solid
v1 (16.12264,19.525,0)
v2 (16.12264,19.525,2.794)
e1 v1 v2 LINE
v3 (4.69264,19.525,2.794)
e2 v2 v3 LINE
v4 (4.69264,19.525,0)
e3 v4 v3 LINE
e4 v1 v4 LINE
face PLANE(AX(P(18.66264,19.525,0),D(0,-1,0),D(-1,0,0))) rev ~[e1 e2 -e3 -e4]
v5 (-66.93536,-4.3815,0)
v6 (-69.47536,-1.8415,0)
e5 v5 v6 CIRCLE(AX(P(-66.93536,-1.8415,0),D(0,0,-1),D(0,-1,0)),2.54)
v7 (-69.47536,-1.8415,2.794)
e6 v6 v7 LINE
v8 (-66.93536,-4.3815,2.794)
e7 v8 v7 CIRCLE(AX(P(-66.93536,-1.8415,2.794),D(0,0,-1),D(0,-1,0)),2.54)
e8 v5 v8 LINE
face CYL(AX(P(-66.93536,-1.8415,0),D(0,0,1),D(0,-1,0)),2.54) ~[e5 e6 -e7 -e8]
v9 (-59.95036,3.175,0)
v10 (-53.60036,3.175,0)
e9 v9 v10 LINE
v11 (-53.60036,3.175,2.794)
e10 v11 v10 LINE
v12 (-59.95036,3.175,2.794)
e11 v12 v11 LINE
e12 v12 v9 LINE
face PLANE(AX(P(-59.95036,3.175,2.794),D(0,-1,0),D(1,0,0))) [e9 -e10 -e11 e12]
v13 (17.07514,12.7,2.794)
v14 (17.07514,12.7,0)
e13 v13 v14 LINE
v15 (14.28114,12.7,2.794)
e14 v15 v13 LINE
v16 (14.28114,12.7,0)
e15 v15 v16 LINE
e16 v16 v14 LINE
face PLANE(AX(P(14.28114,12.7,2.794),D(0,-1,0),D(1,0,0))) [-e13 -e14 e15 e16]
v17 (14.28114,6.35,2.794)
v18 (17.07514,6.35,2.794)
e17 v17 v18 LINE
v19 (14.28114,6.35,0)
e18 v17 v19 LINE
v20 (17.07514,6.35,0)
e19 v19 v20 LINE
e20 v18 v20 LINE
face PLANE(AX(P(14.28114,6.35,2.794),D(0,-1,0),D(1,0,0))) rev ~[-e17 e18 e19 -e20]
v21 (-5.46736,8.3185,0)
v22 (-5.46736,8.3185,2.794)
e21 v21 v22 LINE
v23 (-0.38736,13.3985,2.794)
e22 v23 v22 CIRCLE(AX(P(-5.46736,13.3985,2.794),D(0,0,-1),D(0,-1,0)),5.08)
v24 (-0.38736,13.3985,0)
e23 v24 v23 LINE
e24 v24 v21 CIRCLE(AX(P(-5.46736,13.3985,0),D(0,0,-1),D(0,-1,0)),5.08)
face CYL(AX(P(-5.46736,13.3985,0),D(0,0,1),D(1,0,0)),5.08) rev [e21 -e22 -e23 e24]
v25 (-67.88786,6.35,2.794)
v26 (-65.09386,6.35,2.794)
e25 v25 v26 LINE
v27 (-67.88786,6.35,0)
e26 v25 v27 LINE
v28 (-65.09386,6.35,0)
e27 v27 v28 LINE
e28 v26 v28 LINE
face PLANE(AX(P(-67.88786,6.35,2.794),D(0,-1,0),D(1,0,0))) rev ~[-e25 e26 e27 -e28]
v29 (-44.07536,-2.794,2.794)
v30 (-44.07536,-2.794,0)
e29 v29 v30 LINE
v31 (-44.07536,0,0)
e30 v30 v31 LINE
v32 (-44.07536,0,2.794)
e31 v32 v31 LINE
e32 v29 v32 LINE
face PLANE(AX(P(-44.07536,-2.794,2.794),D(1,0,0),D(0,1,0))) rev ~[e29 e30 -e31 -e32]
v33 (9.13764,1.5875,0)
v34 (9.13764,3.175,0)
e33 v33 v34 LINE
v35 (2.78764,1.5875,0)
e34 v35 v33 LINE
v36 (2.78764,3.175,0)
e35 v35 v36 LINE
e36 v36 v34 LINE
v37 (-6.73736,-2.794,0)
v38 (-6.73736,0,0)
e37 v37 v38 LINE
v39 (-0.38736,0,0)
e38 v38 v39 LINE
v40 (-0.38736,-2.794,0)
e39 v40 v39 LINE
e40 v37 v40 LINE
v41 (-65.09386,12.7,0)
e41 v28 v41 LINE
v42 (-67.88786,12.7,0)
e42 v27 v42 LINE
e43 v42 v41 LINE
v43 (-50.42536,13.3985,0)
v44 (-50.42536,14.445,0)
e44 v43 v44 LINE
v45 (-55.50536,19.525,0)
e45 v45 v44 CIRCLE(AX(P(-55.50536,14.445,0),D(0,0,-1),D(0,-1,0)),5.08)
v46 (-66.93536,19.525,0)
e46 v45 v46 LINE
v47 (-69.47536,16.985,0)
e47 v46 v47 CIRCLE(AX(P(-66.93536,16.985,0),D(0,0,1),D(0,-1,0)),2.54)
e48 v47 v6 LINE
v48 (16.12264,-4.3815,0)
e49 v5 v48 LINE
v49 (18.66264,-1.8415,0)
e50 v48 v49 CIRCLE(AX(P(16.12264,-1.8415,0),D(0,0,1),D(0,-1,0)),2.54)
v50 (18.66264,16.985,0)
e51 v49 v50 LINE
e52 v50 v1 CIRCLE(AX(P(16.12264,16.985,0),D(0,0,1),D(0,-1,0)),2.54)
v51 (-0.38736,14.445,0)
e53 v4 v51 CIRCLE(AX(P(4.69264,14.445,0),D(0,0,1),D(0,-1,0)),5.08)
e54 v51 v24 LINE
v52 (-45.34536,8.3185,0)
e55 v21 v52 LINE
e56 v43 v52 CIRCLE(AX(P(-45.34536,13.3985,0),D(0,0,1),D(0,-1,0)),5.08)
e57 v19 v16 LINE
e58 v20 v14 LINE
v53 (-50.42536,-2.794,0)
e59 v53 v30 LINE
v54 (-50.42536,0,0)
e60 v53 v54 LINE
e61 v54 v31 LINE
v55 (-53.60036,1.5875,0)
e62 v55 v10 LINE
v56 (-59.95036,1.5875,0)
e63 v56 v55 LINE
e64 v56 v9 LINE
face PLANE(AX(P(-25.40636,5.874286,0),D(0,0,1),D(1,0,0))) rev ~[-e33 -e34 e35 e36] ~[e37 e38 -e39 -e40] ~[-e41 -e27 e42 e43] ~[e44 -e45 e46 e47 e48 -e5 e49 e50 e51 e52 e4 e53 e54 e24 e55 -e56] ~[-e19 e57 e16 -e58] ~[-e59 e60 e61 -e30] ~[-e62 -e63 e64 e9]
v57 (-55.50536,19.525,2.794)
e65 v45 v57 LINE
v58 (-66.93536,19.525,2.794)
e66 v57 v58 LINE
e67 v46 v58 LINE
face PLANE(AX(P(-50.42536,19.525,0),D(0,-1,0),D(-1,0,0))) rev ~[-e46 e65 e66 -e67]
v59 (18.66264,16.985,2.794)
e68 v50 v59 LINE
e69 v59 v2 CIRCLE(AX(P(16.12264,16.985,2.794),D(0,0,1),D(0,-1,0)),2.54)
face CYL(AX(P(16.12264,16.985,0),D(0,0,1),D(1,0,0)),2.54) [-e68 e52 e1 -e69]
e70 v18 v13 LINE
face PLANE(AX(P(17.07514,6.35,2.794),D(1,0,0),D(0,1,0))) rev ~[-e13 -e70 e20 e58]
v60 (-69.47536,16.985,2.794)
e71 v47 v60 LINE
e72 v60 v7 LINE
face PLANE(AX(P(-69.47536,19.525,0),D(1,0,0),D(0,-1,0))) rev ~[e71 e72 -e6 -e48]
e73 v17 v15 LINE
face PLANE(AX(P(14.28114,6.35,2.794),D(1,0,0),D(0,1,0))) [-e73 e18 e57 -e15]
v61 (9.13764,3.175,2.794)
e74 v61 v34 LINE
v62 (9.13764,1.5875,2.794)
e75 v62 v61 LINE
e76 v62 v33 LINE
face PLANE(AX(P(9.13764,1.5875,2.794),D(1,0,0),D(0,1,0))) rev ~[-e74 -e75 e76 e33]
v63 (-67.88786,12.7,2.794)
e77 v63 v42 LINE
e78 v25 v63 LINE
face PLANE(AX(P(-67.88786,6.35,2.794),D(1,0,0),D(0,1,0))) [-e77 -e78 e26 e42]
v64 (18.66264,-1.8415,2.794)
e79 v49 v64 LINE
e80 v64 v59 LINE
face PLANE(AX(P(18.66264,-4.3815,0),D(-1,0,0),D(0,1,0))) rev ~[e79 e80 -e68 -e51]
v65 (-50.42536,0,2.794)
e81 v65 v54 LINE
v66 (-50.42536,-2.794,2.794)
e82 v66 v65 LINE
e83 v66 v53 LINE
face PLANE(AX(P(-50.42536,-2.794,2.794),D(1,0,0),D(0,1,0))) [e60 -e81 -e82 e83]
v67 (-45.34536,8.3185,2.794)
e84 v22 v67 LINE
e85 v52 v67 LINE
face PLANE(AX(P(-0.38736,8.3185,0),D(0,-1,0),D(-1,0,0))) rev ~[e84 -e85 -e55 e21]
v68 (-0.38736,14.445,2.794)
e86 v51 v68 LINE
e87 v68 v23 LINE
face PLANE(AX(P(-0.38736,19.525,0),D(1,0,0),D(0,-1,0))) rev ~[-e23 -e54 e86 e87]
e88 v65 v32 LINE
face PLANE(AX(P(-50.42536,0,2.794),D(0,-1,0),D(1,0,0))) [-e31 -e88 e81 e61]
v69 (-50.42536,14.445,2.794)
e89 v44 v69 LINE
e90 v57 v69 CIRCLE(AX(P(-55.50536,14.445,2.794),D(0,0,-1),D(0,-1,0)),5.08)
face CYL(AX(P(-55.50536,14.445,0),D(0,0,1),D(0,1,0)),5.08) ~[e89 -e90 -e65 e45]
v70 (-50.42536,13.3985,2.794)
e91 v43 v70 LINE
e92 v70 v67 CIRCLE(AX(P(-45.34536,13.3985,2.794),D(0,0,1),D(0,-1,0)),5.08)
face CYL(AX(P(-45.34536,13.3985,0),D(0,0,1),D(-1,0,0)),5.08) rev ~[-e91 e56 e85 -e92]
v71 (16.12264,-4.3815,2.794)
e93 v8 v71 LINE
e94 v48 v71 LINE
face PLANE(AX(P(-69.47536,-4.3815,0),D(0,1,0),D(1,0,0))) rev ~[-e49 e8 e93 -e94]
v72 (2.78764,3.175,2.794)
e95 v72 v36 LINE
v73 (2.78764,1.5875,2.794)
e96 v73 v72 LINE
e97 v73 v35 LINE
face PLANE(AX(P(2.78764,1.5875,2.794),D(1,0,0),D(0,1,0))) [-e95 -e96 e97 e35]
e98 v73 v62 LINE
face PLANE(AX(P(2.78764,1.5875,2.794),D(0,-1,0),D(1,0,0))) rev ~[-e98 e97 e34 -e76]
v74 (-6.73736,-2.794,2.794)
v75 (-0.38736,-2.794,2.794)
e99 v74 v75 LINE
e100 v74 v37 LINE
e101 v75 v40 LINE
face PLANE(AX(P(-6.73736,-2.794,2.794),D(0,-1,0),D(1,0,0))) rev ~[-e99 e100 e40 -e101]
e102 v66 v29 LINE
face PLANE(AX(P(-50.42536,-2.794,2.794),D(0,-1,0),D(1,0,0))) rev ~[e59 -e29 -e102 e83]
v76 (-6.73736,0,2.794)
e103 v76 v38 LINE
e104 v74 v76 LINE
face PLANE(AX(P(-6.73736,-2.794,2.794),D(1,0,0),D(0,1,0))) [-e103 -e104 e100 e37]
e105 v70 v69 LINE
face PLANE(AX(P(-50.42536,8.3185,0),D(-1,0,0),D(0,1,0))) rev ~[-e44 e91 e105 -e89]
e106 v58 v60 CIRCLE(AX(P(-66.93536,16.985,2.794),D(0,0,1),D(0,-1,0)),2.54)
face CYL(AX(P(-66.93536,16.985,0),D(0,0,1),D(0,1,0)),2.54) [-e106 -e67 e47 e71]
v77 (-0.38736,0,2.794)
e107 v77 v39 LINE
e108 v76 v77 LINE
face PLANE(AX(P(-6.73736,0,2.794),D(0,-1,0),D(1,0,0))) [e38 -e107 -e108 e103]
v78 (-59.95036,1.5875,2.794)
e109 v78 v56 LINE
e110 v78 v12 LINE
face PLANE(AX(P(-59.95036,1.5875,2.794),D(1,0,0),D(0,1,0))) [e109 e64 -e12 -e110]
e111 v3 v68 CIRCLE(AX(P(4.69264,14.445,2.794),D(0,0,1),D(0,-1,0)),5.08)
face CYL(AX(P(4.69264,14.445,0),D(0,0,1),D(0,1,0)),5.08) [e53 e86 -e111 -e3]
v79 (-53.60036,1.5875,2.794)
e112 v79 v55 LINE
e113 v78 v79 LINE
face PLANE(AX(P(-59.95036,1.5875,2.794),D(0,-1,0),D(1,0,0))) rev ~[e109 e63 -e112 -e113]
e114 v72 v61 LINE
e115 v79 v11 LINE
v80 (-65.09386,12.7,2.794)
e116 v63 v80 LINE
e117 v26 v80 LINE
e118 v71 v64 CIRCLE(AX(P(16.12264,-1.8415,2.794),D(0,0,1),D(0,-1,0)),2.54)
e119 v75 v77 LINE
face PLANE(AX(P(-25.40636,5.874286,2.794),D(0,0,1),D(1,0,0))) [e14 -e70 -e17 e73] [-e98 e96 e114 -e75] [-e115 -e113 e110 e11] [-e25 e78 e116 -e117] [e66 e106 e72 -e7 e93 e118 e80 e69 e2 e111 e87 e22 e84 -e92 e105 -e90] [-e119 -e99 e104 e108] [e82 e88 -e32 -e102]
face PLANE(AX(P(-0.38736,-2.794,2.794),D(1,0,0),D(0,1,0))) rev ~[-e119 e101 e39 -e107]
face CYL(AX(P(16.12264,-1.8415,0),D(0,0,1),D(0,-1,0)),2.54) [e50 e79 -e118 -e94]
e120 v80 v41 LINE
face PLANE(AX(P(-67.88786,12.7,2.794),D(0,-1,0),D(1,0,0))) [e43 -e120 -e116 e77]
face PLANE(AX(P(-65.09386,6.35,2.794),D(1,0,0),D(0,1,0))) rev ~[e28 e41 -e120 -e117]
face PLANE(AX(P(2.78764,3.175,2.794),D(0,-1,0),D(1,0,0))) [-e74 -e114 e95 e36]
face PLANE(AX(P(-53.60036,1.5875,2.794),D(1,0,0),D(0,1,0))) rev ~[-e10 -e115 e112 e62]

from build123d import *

# Parameters (mm, degrees)
BOSS_EXTRUDE1_DEPTH = 2.794
FILLET1_R           = 2.54
FILLET2_R           = 5.08
SKETCH2_W           = 6.35
SKETCH2_H           = 2.794
SKETCH2_W_2         = 2.794
SKETCH2_H_2         = 6.35
SKETCH2_H_3         = 1.5875
CUT_EXTRUDE1_DEPTH  = 73.220895192


with BuildPart() as part:
    # Sketch1 → Boss-Extrude1 (new body)
    with BuildSketch(Plane.XY):
        Polygon((-69.475359958, -4.3815), (18.662640042, -4.3815), (18.662640042, 19.525), (-0.387359958, 19.525), (-0.387359958, 8.3185), (-50.425359958, 8.3185), (-50.425359958, 19.525), (-69.475359958, 19.525), align=None)
    extrude(amount=BOSS_EXTRUDE1_DEPTH)

    # Fillet1
    fillet1_edges = [part.edges().sort_by_distance(p)[0] for p in [
        (18.662640042, -4.3815, 1.397),
        (-69.475359958, -4.3815, 1.397),
        (-69.475359958, 19.525, 1.397),
        (18.662640042, 19.525, 1.397),
    ]]
    fillet(fillet1_edges, radius=FILLET1_R)

    # Fillet2
    fillet2_edges = [part.edges().sort_by_distance(p)[0] for p in [
        (-50.425359958, 19.525, 1.397),
        (-50.425359958, 8.3185, 1.397),
        (-0.387359958, 8.3185, 1.397),
        (-0.387359958, 19.525, 1.397),
    ]]
    fillet(fillet2_edges, radius=FILLET2_R)

    # Sketch2 → Cut-Extrude1 (cut, through all)
    with BuildSketch(Plane.XY.offset(2.794)):
        with Locations((-47.250359958, -1.397)):
            Rectangle(SKETCH2_W, SKETCH2_H)
        with Locations((-3.562359958, -1.397)):
            Rectangle(SKETCH2_W, SKETCH2_H)
        with Locations((15.678140042, 9.525)):
            Rectangle(SKETCH2_W_2, SKETCH2_H_2)
        with Locations((-66.490859958, 9.525)):
            Rectangle(SKETCH2_W_2, SKETCH2_H_2)
        with Locations((5.962640042, 2.38125)):
            Rectangle(SKETCH2_W, SKETCH2_H_3)
        with Locations((-56.775359958, 2.38125)):
            Rectangle(SKETCH2_W, SKETCH2_H_3)
    extrude(amount=-CUT_EXTRUDE1_DEPTH, mode=Mode.SUBTRACT)


solid = part.part
